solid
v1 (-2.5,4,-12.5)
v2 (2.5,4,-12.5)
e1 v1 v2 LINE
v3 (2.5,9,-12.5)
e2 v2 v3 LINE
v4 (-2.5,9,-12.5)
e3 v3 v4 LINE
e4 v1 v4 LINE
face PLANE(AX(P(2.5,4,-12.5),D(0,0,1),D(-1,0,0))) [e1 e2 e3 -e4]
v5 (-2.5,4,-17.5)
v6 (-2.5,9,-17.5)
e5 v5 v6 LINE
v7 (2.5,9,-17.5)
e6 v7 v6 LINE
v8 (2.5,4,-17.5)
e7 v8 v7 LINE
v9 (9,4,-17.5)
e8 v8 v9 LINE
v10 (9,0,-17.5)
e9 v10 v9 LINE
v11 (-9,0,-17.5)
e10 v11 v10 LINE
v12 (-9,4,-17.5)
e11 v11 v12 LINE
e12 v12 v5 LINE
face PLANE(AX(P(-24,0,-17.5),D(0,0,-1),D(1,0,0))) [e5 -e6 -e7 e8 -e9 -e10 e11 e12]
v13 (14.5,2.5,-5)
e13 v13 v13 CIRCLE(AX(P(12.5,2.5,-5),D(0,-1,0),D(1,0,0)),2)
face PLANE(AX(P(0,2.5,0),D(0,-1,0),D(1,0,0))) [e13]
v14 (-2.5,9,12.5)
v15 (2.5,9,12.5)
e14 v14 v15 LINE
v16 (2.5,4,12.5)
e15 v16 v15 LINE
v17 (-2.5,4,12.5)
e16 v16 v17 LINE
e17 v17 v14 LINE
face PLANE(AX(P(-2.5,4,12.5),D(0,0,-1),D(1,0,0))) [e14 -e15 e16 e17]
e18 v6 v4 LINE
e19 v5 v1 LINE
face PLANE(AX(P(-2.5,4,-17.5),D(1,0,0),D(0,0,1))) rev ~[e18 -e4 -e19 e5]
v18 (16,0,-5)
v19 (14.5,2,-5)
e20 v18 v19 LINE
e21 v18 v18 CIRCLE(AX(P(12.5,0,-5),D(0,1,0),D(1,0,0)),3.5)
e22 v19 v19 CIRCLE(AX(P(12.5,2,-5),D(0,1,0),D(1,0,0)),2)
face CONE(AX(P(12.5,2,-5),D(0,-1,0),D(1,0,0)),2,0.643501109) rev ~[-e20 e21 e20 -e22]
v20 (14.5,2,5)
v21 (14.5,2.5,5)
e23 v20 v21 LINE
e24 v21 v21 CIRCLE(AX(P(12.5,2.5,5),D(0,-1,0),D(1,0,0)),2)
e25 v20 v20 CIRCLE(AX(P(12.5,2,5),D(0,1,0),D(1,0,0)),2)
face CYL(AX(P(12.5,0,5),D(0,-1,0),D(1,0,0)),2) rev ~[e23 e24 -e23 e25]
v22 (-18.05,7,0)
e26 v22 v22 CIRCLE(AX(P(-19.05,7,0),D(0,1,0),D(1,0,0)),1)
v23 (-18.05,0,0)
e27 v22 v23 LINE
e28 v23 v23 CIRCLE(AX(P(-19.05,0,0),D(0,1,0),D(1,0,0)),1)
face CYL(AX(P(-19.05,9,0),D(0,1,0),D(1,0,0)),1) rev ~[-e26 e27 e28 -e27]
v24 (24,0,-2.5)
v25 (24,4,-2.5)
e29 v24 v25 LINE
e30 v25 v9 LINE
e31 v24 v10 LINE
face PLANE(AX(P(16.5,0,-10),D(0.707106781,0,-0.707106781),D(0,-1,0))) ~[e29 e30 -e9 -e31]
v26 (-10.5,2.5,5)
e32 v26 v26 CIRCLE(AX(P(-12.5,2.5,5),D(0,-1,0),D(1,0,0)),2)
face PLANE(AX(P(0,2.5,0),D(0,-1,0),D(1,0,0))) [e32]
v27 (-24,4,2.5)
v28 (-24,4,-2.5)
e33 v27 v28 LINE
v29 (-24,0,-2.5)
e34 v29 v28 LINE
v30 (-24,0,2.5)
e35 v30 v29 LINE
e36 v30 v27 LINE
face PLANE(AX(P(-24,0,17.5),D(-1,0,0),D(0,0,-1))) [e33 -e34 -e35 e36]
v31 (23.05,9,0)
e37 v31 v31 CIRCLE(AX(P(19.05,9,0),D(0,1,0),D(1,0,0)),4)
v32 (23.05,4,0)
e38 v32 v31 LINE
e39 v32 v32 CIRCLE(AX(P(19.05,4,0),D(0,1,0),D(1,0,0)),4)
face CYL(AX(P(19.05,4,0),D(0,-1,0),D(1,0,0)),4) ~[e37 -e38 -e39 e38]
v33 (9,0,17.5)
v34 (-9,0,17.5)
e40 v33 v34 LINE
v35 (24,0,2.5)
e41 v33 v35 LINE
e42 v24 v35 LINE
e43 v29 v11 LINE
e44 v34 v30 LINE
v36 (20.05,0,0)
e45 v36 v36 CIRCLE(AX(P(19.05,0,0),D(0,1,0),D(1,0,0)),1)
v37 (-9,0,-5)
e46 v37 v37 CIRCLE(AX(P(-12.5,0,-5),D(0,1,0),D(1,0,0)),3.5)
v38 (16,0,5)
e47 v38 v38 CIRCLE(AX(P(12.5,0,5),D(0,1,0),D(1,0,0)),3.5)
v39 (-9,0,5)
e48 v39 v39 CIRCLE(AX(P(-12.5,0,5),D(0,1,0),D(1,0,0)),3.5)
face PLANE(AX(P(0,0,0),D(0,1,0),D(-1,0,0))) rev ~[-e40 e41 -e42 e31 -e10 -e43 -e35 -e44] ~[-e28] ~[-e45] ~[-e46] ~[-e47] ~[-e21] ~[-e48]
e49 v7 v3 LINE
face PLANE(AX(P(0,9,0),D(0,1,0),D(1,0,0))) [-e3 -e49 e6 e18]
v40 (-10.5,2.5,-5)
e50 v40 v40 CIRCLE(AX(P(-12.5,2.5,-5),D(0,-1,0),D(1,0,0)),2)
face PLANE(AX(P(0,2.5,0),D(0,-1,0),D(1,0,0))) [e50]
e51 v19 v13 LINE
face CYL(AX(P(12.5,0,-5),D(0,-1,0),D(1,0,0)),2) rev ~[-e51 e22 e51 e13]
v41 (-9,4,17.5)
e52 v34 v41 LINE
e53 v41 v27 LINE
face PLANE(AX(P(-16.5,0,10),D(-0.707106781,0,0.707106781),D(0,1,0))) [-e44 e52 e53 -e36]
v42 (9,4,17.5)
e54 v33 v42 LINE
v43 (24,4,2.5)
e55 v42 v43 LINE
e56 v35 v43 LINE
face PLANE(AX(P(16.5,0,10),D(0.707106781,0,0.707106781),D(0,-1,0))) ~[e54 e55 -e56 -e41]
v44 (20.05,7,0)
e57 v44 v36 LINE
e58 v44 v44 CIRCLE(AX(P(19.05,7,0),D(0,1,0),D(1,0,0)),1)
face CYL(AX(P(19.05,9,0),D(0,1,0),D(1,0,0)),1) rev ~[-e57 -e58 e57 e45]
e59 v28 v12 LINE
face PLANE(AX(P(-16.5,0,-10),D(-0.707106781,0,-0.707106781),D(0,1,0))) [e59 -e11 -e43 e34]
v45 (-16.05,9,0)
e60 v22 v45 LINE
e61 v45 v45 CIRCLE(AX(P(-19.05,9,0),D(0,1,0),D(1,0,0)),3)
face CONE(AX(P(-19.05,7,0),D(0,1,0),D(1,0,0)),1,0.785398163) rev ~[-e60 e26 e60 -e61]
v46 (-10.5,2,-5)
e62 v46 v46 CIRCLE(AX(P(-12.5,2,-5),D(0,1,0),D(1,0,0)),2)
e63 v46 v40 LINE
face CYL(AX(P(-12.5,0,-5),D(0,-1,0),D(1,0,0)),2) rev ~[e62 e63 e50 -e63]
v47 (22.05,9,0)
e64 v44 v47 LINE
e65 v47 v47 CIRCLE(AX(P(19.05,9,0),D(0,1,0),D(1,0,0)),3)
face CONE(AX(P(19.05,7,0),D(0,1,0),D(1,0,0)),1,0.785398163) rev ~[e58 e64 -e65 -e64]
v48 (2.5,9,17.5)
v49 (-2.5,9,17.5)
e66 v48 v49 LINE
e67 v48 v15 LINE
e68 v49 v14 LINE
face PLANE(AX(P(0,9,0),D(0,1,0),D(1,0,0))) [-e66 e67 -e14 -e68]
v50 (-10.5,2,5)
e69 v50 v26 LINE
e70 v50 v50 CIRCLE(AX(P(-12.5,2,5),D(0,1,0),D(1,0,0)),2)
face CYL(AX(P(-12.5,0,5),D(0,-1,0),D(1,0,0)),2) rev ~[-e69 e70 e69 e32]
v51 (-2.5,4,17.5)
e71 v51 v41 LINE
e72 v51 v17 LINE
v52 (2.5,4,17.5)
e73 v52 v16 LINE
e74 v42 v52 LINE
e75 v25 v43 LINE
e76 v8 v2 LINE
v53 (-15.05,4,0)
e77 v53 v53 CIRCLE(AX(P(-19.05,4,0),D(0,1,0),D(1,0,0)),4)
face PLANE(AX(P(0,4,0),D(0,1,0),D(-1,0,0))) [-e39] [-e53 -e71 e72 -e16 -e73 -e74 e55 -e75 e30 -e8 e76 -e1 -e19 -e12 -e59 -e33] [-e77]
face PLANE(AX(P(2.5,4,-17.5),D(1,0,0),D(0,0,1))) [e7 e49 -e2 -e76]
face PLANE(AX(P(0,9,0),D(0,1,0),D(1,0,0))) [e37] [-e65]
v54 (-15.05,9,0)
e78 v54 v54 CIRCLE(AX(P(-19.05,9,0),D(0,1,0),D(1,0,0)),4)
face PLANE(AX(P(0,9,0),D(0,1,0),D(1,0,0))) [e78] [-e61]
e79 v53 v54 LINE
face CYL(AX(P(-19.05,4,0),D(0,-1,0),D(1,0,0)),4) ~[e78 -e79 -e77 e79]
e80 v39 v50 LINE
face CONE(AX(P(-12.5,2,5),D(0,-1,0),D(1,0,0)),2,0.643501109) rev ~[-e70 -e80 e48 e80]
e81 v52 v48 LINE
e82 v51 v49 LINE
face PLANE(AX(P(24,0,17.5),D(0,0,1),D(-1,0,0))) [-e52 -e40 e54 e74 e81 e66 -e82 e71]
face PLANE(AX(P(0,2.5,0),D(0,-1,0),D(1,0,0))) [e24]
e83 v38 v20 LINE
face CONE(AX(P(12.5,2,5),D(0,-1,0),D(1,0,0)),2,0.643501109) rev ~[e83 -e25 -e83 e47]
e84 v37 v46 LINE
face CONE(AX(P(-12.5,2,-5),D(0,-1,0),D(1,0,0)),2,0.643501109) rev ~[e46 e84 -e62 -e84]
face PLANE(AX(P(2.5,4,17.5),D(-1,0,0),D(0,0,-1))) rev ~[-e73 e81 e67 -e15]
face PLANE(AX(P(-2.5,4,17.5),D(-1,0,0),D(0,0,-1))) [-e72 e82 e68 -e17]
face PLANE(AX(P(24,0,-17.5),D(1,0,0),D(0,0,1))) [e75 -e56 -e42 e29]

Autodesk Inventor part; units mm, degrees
ref_plane "YZ Plane" through (0, 0, 0) normal (1, 0, 0) x (0, 1, 0)
ref_plane "XZ Plane" through (0, 0, 0) normal (0, 1, 0) x (-1, 0, 0)
ref_plane "XY Plane" through (0, 0, 0) normal (0, 0, 1) x (1, 0, 0)
sketch "Sketch1" plane through (0, 0, 0) normal (0, 1, 0) x (-1, 0, 0)
  line L0 (-24, 17.5) -> (24, 17.5)
  line L1 (24, 17.5) -> (24, -17.5)
  line L2 (24, -17.5) -> (-24, -17.5)
  line L3 (-24, -17.5) -> (-24, 17.5)
  line L4 (-24, 17.5) -> (24, -17.5) construction
  line L5 (24, 17.5) -> (-24, -17.5) construction
  point P0 (0, 0)
  dimension "d0" = 48
  dimension "d1" = 35
extrude "Extrusion1" add sketch "Sketch1" along normal blind 4
sketch "Sketch2" plane through (0, 4, 0) normal (0, 1, 0) x (1, 0, 0)
  line L0 (0, 0) -> (-5.2635, 0) construction
  line L1 (-5.2635, 0) -> (-5.2635, 9.5172) construction
  line L2 (-5.2635, 9.5172) -> (0, 9.5172) construction
  line L3 (0, 9.5172) -> (0, 0) construction
  circle A0 centre (-19.05, 0) radius 1
  circle A1 centre (19.05, 0) radius 1
  circle A2 centre (-19.05, 0) radius 4
  circle A3 centre (19.05, 0) radius 4
  line L4 (-24, -17.5) -> (24, -17.5) projected
  line L5 (0, -17.5) -> (-2.5, -17.5)
  line L6 (-2.5, -17.5) -> (-2.5, -12.5)
  line L7 (-2.5, -12.5) -> (0, -12.5)
  line L8 (0, -12.5) -> (0, -17.5)
  line L9 (2.5, -17.5) -> (2.5, -12.5)
  line L10 (2.5, -12.5) -> (0, -12.5)
  line L11 (-2.5, 17.5) -> (-2.5, 12.5)
  line L12 (-2.5, 12.5) -> (0, 12.5)
  line L13 (2.5, 17.5) -> (2.5, 12.5)
  line L14 (2.5, 12.5) -> (0, 12.5)
  line L15 (24, 17.5) -> (-24, 17.5) projected
  dimension "d4" = 2
  dimension "d5" = 19.05
  dimension "d6" = 3
  dimension "d7" = 3
  dimension "d8" = 2.5
  dimension "d9" = 5
extrude "Extrusion2" add sketch "Sketch2" along normal blind 5
chamfer "Chamfer1" distance 15 angle 45 4 edges at (24, 2, -17.5) (24, 2, 17.5) (-24, 2, 17.5) (-24, 2, -17.5)
sketch "Sketch4" plane through (19.05, 9, 0) normal (0, 1, 0) x (1, 0, 0)
  circle A0 centre (0, 0) radius 1 projected
  circle A1 centre (-38.1, 0) radius 1 projected
  point P0 (-19.05, 0)
extrude "Extrusion3" cut sketch "Sketch4" against normal through all
sketch "Sketch7" plane through (0, 0, 0) normal (0, -1, 0) x (1, 0, 0)
  line L0 (14.5, -3) -> (10.5, -3)
  line L1 (10.5, -3) -> (10.5, -7)
  line L2 (10.5, -7) -> (14.5, -7)
  line L3 (14.5, -7) -> (14.5, -3)
  line L4 (0, -6.5734) -> (0, 0) construction
  line L5 (0, 0) -> (6.1677, 0) construction
  line L6 (-14.5, -3) -> (-10.5, -3)
  line L7 (-10.5, -3) -> (-10.5, -7)
  line L8 (-10.5, -7) -> (-14.5, -7)
  line L9 (-14.5, -7) -> (-14.5, -3)
  line L10 (14.5, 3) -> (10.5, 3)
  line L11 (10.5, 3) -> (10.5, 7)
  line L12 (10.5, 7) -> (14.5, 7)
  line L13 (14.5, 7) -> (14.5, 3)
  line L14 (-10.5, 7) -> (-14.5, 7)
  line L15 (-10.5, 3) -> (-10.5, 7)
  line L16 (-14.5, 3) -> (-10.5, 3)
  line L17 (-14.5, 7) -> (-14.5, 3)
  circle A0 centre (12.5, -5) radius 2
  circle A1 centre (-12.5, -5) radius 2
  circle A2 centre (12.5, 5) radius 2
  circle A3 centre (-12.5, 5) radius 2
  point P0 (12.5, -7)
  point P1 (10.5, -5)
  point P2 (12.5, 7)
  point P3 (10.5, 5)
  point P4 (12.5, -3)
  dimension "d30" = 12.5
  dimension "d31" = 4
  dimension "d32" = 4
  dimension "d33" = 5
extrude "Extrusion6" cut sketch "Sketch7" against normal blind 2.5 contours A0 | A1 | A2 | A3
chamfer "Chamfer3" distance 1.5 distance2 2 4 edges at (10.5, 0, 5) (10.5, 0, -5) (-14.5, 0, -5) (-14.5, 0, 5) measured on face at (3, 0, -9.7863)
chamfer "Chamfer4" distance 2 angle 45 2 edges at (-20.05, 9, 0) (18.05, 9, 0)
equation "\"d32\" = d31"
properties part number "Base"
